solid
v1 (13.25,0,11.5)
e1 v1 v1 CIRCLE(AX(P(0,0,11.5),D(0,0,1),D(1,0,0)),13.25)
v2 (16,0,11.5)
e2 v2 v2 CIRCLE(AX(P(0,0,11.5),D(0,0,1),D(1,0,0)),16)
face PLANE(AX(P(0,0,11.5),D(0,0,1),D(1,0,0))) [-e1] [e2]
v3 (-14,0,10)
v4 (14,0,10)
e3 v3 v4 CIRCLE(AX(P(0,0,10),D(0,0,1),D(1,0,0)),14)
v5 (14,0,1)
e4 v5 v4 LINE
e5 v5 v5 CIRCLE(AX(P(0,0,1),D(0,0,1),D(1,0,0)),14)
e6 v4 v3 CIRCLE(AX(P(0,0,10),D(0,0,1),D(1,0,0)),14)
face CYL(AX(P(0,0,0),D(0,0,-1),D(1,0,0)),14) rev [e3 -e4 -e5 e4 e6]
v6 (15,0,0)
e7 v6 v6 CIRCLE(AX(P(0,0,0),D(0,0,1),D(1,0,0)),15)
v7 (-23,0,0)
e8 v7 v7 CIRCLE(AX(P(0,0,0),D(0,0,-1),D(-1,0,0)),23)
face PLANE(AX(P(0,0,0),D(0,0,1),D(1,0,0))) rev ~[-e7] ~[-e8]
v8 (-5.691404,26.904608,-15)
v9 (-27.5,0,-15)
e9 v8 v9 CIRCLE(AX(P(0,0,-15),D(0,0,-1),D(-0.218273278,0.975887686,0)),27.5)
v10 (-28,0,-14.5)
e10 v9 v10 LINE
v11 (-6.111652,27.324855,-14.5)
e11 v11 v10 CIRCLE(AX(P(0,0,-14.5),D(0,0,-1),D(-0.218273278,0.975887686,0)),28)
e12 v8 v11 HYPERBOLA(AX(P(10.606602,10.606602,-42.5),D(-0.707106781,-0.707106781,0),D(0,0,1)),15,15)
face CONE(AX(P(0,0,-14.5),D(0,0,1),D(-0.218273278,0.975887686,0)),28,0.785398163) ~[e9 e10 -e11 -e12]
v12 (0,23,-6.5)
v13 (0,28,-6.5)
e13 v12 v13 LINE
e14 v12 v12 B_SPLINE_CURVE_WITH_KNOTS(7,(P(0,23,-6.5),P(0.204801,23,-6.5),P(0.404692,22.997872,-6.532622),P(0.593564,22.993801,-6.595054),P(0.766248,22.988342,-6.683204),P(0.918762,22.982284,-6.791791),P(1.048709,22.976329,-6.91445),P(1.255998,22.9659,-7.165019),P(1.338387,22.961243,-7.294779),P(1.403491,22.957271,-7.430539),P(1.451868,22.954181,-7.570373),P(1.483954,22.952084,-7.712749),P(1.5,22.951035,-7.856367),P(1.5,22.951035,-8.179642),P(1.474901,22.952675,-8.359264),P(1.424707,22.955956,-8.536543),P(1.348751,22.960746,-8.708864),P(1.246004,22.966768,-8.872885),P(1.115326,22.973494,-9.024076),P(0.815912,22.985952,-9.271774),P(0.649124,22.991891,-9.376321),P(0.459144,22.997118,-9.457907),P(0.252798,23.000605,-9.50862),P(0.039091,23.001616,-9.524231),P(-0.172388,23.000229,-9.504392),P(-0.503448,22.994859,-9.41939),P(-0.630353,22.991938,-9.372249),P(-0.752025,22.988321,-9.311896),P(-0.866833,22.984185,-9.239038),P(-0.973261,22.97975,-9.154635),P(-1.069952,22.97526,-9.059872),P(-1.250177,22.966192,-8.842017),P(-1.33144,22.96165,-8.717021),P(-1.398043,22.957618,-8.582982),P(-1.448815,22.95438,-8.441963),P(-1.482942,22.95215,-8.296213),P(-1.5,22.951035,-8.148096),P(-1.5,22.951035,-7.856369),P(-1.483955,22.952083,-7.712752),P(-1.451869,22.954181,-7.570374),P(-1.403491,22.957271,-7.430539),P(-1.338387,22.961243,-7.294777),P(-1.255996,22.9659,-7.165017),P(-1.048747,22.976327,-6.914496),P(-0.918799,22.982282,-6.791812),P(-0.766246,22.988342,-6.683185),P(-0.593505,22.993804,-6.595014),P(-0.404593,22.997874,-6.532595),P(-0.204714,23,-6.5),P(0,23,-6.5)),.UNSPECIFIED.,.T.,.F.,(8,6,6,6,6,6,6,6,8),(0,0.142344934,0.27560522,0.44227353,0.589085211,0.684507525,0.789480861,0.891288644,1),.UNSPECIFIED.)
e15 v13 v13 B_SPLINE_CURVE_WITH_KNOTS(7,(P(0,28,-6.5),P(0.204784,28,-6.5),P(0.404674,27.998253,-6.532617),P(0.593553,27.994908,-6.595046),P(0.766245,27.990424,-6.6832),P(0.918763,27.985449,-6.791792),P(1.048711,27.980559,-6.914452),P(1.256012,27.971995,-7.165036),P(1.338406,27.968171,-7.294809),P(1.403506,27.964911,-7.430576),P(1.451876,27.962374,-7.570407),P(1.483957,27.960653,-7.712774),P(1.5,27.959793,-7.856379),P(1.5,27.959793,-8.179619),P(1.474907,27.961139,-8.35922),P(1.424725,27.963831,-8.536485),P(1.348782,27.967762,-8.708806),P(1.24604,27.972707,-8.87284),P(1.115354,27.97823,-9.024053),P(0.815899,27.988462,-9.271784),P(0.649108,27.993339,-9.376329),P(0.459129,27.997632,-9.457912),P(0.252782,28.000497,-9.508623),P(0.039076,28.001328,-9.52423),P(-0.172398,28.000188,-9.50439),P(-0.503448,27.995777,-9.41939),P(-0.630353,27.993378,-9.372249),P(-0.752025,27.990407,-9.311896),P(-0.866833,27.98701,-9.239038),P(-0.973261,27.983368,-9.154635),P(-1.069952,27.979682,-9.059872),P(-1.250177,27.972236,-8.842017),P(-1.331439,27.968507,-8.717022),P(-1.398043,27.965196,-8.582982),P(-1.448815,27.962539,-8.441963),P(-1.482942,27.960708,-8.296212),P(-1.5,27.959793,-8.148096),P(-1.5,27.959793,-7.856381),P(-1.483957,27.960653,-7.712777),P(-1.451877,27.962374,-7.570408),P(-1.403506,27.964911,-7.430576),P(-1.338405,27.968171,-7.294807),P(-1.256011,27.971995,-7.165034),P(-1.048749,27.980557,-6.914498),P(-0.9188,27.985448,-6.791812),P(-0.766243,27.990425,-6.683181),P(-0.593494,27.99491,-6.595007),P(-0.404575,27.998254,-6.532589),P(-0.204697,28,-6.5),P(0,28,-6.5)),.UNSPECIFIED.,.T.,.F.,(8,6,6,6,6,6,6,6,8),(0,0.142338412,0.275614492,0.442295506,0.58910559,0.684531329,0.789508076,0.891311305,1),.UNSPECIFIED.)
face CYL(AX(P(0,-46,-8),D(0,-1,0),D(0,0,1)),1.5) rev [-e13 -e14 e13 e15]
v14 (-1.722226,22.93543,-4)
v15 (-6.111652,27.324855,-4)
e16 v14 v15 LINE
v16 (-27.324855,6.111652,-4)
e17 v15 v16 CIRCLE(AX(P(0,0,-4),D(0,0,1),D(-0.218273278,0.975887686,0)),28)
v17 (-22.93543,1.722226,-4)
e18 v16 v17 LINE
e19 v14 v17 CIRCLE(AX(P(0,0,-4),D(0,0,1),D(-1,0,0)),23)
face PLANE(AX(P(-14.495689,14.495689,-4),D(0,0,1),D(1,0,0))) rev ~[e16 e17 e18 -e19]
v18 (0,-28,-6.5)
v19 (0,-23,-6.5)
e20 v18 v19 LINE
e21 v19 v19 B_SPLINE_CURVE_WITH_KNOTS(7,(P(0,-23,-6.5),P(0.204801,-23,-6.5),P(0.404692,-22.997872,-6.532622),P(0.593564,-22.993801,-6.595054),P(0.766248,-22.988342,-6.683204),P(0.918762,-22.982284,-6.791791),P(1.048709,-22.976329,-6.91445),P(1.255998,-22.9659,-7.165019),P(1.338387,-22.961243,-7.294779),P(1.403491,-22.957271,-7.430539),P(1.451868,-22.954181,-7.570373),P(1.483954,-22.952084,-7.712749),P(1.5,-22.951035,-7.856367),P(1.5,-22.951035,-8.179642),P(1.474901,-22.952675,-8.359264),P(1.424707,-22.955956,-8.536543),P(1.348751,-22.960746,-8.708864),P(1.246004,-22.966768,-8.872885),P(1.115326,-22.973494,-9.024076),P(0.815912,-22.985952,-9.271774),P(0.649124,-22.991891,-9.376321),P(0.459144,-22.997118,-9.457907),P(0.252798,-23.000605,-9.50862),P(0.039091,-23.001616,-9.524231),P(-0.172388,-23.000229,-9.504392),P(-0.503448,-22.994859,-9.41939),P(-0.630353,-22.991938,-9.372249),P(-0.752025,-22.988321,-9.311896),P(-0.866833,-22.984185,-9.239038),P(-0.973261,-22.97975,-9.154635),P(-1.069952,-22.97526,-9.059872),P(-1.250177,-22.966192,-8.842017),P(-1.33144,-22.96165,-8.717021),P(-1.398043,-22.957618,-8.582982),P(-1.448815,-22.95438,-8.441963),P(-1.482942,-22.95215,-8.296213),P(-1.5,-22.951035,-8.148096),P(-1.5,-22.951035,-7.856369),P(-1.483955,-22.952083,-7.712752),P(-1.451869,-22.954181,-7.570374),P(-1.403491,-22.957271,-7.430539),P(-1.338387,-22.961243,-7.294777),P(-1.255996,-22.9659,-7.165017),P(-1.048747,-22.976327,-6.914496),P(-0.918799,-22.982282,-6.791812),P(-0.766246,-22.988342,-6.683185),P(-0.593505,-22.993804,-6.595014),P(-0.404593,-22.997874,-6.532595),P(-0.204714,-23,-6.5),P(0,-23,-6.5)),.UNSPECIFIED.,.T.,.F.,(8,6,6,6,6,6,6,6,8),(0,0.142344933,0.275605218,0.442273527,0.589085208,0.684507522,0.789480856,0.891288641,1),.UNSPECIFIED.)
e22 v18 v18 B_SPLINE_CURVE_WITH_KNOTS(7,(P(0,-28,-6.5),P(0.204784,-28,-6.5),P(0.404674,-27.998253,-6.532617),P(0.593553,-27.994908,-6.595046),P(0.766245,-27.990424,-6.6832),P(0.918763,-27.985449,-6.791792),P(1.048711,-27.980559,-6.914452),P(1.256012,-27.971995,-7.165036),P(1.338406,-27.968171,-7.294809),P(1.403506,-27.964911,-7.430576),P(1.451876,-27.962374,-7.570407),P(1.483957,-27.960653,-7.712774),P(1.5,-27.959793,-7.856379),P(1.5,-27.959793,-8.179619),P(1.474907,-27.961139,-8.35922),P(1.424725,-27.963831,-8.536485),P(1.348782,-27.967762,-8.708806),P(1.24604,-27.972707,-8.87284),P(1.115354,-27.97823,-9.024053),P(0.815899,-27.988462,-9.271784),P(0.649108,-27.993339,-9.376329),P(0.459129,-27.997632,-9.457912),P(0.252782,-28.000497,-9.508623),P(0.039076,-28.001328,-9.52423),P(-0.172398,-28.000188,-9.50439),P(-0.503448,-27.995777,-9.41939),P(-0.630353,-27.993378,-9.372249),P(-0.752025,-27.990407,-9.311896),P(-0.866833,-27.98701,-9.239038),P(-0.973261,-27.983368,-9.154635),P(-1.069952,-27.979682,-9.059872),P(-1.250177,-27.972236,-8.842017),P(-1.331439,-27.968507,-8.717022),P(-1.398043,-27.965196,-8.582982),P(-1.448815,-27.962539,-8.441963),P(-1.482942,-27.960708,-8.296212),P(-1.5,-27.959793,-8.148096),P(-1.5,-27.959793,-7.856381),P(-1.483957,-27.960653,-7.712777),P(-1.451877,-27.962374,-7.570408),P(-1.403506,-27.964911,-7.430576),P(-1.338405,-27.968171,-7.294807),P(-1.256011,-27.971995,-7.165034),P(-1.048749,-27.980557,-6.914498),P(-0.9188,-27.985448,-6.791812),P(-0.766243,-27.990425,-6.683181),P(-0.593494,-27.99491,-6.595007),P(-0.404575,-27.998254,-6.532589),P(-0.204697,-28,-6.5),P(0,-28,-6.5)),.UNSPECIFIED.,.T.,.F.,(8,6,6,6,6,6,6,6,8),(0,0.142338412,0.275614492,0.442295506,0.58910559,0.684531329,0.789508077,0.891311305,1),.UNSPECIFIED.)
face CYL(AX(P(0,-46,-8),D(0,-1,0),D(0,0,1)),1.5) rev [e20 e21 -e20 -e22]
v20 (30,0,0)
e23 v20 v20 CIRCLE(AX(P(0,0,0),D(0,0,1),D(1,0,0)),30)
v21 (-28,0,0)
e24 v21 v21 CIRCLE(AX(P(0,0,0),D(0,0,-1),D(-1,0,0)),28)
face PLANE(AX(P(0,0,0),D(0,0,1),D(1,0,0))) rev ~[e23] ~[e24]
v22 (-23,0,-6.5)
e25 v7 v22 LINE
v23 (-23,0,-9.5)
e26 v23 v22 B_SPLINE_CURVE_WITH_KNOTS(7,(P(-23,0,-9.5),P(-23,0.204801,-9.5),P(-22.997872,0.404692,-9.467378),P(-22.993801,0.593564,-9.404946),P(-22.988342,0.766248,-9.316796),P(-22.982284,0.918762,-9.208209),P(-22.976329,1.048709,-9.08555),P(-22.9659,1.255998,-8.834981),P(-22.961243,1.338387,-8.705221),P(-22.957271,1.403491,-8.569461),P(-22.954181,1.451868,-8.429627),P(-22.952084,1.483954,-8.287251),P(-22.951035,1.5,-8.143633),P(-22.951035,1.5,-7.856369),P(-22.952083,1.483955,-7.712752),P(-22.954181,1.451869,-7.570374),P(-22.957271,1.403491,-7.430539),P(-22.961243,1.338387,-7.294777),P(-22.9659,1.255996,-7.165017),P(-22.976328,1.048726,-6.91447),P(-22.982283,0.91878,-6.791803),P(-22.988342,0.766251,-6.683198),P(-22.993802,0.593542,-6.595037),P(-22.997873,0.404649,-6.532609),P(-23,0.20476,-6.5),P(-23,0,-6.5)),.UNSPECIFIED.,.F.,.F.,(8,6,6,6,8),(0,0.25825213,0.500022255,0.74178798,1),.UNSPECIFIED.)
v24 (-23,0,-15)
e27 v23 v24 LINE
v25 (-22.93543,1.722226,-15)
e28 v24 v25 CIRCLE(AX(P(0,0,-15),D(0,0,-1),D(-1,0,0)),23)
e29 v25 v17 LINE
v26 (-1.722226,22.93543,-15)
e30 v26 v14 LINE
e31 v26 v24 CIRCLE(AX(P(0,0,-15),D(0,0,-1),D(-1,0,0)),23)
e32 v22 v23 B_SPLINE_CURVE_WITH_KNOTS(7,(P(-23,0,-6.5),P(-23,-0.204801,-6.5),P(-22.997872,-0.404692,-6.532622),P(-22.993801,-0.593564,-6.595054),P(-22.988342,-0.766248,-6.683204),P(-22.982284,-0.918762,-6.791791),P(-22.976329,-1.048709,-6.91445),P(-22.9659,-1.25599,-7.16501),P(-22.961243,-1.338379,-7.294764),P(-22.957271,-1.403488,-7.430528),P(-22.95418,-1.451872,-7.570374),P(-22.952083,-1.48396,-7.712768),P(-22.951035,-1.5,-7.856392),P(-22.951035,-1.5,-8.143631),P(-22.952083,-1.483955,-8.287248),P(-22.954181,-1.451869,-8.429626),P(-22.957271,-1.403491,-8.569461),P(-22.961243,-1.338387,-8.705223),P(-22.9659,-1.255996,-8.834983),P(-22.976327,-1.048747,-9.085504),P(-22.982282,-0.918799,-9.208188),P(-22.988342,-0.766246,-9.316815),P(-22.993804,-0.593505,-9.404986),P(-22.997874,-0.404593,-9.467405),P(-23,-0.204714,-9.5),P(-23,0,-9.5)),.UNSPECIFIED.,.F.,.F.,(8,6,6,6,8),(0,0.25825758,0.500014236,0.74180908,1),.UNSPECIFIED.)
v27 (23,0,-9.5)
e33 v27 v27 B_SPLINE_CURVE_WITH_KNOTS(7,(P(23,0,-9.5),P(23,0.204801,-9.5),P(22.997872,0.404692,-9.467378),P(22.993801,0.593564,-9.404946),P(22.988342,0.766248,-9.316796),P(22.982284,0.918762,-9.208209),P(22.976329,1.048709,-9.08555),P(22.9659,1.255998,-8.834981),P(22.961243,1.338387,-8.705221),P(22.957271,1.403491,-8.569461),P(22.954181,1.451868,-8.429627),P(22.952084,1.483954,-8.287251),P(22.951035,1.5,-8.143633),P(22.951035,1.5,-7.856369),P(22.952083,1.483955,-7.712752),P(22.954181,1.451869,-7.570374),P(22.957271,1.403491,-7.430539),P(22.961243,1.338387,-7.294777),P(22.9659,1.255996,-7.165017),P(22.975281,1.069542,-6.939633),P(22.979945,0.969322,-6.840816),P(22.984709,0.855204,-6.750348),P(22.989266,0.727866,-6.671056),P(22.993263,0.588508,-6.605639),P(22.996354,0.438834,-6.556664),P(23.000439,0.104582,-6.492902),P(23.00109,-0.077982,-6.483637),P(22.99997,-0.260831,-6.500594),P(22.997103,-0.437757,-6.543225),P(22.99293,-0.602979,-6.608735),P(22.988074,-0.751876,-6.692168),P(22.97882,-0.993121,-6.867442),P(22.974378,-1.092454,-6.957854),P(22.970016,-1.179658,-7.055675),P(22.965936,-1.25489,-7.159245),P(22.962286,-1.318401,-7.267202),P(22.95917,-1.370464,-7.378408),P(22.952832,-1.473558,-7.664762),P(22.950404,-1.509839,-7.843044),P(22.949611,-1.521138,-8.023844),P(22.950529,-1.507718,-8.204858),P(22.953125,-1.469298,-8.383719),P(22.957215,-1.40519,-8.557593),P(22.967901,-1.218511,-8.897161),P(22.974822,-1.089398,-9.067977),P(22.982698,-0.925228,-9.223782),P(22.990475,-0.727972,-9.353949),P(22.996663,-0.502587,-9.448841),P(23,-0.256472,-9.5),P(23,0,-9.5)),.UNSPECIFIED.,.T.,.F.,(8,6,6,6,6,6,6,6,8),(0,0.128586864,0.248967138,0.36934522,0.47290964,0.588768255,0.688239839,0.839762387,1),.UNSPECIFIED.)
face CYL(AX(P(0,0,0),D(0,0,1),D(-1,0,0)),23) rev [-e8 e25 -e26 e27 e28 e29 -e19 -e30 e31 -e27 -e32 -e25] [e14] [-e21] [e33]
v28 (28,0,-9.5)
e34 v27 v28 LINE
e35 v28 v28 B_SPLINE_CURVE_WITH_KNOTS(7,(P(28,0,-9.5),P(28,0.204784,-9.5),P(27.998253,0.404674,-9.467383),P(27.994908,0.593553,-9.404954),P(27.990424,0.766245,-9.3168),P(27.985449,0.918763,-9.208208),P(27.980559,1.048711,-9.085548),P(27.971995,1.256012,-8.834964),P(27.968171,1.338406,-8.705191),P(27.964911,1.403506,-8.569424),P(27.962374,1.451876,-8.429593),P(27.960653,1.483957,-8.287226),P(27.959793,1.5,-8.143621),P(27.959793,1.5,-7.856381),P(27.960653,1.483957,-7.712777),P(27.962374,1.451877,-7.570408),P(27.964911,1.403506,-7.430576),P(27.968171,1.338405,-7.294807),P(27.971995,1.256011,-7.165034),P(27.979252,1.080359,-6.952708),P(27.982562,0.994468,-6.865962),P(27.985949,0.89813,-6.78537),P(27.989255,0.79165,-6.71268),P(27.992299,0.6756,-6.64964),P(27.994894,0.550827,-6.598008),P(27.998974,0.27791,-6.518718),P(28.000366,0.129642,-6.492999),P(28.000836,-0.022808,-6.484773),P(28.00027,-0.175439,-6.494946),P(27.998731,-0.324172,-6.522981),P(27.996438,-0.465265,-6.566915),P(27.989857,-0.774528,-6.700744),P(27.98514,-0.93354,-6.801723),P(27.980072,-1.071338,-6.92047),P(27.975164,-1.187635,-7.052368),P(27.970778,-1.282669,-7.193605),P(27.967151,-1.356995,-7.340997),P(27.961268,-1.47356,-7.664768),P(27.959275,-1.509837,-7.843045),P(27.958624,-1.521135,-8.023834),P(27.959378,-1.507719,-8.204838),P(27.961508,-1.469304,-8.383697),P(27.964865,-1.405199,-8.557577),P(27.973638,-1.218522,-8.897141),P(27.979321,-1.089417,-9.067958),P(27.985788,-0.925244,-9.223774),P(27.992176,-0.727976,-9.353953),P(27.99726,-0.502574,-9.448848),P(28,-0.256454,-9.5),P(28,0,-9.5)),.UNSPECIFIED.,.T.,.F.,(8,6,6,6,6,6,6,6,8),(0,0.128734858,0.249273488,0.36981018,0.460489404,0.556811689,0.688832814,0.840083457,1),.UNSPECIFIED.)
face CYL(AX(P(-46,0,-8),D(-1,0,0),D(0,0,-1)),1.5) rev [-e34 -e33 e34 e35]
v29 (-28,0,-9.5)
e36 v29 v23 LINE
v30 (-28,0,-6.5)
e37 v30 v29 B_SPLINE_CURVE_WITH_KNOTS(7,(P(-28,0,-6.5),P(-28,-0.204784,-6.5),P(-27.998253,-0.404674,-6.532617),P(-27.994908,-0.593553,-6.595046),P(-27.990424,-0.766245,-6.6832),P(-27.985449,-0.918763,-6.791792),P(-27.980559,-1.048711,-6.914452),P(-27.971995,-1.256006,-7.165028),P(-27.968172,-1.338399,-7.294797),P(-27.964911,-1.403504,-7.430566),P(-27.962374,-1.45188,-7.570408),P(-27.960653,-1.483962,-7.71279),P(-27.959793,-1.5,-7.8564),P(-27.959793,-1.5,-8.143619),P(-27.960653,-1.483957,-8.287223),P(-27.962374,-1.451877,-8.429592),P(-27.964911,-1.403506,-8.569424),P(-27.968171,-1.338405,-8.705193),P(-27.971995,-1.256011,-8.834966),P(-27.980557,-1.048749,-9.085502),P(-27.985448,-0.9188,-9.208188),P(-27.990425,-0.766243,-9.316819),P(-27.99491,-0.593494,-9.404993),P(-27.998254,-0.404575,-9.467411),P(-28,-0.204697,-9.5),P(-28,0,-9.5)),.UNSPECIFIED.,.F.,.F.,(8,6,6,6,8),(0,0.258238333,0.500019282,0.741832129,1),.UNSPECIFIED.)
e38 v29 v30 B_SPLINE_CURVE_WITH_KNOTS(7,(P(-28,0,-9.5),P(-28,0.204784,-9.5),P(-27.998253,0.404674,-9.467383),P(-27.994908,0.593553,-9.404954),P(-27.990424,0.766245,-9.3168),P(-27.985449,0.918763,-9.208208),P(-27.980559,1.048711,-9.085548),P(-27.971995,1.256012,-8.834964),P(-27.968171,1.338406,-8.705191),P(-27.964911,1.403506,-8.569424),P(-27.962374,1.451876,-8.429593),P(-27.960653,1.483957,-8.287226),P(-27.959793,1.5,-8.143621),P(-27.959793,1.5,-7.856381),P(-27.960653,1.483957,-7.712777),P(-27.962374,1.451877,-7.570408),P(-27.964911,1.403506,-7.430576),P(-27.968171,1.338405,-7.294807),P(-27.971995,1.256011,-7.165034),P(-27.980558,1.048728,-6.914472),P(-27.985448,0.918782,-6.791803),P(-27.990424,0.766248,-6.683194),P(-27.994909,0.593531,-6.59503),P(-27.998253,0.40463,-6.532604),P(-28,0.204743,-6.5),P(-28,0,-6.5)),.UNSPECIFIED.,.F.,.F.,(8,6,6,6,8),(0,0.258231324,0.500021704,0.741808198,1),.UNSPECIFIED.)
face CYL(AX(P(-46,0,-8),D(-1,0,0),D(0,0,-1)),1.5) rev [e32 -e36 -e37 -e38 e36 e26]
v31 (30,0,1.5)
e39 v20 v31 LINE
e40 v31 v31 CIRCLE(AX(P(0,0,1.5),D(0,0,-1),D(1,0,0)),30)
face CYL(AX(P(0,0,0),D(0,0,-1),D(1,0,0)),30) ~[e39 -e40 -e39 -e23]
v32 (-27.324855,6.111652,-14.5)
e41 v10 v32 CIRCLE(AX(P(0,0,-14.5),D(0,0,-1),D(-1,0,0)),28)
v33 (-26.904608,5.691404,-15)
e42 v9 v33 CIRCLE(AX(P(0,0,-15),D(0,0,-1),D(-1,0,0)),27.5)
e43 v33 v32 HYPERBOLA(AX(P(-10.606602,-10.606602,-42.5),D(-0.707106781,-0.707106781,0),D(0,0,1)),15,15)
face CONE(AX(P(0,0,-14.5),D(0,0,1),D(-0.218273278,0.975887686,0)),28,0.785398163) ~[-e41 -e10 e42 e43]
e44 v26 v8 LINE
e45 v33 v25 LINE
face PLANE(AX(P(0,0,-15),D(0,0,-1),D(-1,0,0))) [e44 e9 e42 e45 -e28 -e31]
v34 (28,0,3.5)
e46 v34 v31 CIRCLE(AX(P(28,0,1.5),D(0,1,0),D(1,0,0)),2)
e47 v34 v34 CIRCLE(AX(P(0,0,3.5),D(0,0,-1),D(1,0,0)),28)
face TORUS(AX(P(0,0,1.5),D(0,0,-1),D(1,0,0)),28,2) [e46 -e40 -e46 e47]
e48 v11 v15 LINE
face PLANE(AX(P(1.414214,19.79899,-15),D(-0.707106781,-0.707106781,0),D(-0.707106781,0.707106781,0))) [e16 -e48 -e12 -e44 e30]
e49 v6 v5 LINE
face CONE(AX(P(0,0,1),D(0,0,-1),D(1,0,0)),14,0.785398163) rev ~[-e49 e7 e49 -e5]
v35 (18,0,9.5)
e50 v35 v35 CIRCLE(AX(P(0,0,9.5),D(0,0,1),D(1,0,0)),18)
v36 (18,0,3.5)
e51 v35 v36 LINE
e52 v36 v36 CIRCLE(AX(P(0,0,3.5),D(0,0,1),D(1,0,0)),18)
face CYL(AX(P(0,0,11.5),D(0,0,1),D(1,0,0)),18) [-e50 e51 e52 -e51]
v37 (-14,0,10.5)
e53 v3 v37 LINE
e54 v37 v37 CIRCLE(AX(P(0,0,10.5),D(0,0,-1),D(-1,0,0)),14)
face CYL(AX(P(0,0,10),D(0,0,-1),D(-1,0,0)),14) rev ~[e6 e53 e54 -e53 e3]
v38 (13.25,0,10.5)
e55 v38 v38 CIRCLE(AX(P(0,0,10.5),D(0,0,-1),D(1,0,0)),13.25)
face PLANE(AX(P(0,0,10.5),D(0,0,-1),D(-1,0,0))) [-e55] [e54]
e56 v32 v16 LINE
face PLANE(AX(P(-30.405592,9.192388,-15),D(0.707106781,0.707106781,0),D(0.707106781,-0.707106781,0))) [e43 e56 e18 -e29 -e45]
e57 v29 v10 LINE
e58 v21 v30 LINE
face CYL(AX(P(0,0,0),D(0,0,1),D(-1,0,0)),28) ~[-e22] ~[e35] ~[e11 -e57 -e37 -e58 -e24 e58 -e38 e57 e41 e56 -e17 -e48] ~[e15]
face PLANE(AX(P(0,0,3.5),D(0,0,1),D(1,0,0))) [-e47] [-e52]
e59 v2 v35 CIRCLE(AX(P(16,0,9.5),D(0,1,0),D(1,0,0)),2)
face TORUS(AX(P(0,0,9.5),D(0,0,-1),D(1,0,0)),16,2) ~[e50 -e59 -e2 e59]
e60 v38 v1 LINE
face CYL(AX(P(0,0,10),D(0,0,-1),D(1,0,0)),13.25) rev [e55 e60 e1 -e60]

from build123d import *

# Parameters (mm, degrees)
SKETCH_2_R               = 30
SKETCH_2_R_2             = 14
EXTRUDE_1_DEPTH          = 11.5
EXTRUDE_START            = -1.5
SKETCH_3_R               = 14
SKETCH_3_R_2             = 13.25
EXTRUDE_2_DEPTH          = 1.5
SKETCH_4_R               = 33.760613234
SKETCH_4_R_2             = 18
CUT_EXTRUDE_1_DEPTH      = 8
FILLET_1_R               = 2
FILLET_2_R               = 2
SKETCH_6_R               = 28
SKETCH_6_R_2             = 23
EXTRUDE_3_DEPTH          = 15
CUT_EXTRUDE_2_DEPTH      = 46
CUT_EXTRUDE_2_DEPTH_BACK = 46
SKETCH_7_R               = 1.5
CUT_EXTRUDE_3_DEPTH      = 46.000000033
CUT_EXTRUDE_3_DEPTH_BACK = 46.000000033
SKETCH_8_R               = 1.5
CUT_EXTRUDE_4_DEPTH      = 11
SKETCH_15_R              = 14
CUT_EXTRUDE_5_DEPTH      = 0.5
CHAMFER_1_SIZE           = 1
CHAMFER_2_SIZE           = 0.5


with BuildPart() as part:
    # 스케치2 → 보스-돌출1 (new body)
    with BuildSketch(Plane.XY):
        Circle(SKETCH_2_R)
        Circle(SKETCH_2_R_2, mode=Mode.SUBTRACT)
    extrude(amount=EXTRUDE_1_DEPTH)

    # 스케치3 → 보스-돌출2 (add)
    with BuildSketch(Plane.XY.offset(11.5).offset(EXTRUDE_START)):
        Circle(SKETCH_3_R)
        Circle(SKETCH_3_R_2, mode=Mode.SUBTRACT)
    extrude(amount=EXTRUDE_2_DEPTH)

    # 스케치4 → 컷-돌출1 (cut)
    with BuildSketch(Plane.XY.offset(11.5)):
        Circle(SKETCH_4_R)
        Circle(SKETCH_4_R_2, mode=Mode.SUBTRACT)
    extrude(amount=-CUT_EXTRUDE_1_DEPTH, mode=Mode.SUBTRACT)

    # 필렛1
    fillet_1_edges = [part.edges().sort_by_distance(p)[0] for p in [
        (-18, 0, 11.5),
    ]]
    fillet(fillet_1_edges, radius=FILLET_1_R)

    # 필렛2
    fillet_2_edges = [part.edges().sort_by_distance(p)[0] for p in [
        (-30, 0, 3.5),
    ]]
    fillet(fillet_2_edges, radius=FILLET_2_R)

    # 스케치6 → 보스-돌출3 (add)
    with BuildSketch(Plane(origin=(0, 0, 0), x_dir=(-1, 0, 0), z_dir=(0, 0, -1))):
        Circle(SKETCH_6_R)
        Circle(SKETCH_6_R_2, mode=Mode.SUBTRACT)
    extrude(amount=EXTRUDE_3_DEPTH)

    # 스케치7 → 컷-돌출2 (cut, two sides: drawn at the far end of the back side and taken through both)
    with BuildSketch(Plane(origin=(0, 0, 0), x_dir=(1, 0, 0), z_dir=(0, 1, 0)).offset(-CUT_EXTRUDE_2_DEPTH_BACK)):
        with Locations(Location((0, 8, 0), (0, 0, 270))):
            Circle(SKETCH_7_R)
    extrude(amount=CUT_EXTRUDE_2_DEPTH + CUT_EXTRUDE_2_DEPTH_BACK, mode=Mode.SUBTRACT)

    # 스케치8 → 컷-돌출3 (cut, two sides: drawn at the far end of the back side and taken through both)
    with BuildSketch(Plane(origin=(0, 0, 0), x_dir=(0, 0, -1), z_dir=(1, 0, 0)).offset(-CUT_EXTRUDE_3_DEPTH_BACK)):
        with Locations((8, 0)):
            Circle(SKETCH_8_R)
    extrude(amount=CUT_EXTRUDE_3_DEPTH + CUT_EXTRUDE_3_DEPTH_BACK, mode=Mode.SUBTRACT)

    # 스케치13 → 컷-돌출4 (cut)
    with BuildSketch(Plane(origin=(0, 0, -15), x_dir=(-1, 0, 0), z_dir=(0, 0, -1))):
        Polygon((19.798989873, 19.798989873), (30.405591591, 9.192388155), (19.798989873, -1.414213562), (9.192388155, 9.192388155), (-1.414213562, 19.798989873), (9.192388155, 30.405591591), align=None)
    extrude(amount=-CUT_EXTRUDE_4_DEPTH, mode=Mode.SUBTRACT)

    # 스케치15 → 컷-돌출5 (cut)
    with BuildSketch(Plane(origin=(0, 0, 10), x_dir=(-1, 0, 0), z_dir=(0, 0, -1))):
        Circle(SKETCH_15_R)
    extrude(amount=-CUT_EXTRUDE_5_DEPTH, mode=Mode.SUBTRACT)

    # 모따기1
    chamfer_1_edges = [part.edges().sort_by_distance(p)[0] for p in [
        (-14, 0, 0),
    ]]
    chamfer(chamfer_1_edges, length=CHAMFER_1_SIZE)

    # 모따기2
    chamfer_2_edges = [part.edges().sort_by_distance(p)[0] for p in [
        (21.853217724, -17.505338474, -15),
    ]]
    chamfer(chamfer_2_edges, length=CHAMFER_2_SIZE)


solid = part.part
